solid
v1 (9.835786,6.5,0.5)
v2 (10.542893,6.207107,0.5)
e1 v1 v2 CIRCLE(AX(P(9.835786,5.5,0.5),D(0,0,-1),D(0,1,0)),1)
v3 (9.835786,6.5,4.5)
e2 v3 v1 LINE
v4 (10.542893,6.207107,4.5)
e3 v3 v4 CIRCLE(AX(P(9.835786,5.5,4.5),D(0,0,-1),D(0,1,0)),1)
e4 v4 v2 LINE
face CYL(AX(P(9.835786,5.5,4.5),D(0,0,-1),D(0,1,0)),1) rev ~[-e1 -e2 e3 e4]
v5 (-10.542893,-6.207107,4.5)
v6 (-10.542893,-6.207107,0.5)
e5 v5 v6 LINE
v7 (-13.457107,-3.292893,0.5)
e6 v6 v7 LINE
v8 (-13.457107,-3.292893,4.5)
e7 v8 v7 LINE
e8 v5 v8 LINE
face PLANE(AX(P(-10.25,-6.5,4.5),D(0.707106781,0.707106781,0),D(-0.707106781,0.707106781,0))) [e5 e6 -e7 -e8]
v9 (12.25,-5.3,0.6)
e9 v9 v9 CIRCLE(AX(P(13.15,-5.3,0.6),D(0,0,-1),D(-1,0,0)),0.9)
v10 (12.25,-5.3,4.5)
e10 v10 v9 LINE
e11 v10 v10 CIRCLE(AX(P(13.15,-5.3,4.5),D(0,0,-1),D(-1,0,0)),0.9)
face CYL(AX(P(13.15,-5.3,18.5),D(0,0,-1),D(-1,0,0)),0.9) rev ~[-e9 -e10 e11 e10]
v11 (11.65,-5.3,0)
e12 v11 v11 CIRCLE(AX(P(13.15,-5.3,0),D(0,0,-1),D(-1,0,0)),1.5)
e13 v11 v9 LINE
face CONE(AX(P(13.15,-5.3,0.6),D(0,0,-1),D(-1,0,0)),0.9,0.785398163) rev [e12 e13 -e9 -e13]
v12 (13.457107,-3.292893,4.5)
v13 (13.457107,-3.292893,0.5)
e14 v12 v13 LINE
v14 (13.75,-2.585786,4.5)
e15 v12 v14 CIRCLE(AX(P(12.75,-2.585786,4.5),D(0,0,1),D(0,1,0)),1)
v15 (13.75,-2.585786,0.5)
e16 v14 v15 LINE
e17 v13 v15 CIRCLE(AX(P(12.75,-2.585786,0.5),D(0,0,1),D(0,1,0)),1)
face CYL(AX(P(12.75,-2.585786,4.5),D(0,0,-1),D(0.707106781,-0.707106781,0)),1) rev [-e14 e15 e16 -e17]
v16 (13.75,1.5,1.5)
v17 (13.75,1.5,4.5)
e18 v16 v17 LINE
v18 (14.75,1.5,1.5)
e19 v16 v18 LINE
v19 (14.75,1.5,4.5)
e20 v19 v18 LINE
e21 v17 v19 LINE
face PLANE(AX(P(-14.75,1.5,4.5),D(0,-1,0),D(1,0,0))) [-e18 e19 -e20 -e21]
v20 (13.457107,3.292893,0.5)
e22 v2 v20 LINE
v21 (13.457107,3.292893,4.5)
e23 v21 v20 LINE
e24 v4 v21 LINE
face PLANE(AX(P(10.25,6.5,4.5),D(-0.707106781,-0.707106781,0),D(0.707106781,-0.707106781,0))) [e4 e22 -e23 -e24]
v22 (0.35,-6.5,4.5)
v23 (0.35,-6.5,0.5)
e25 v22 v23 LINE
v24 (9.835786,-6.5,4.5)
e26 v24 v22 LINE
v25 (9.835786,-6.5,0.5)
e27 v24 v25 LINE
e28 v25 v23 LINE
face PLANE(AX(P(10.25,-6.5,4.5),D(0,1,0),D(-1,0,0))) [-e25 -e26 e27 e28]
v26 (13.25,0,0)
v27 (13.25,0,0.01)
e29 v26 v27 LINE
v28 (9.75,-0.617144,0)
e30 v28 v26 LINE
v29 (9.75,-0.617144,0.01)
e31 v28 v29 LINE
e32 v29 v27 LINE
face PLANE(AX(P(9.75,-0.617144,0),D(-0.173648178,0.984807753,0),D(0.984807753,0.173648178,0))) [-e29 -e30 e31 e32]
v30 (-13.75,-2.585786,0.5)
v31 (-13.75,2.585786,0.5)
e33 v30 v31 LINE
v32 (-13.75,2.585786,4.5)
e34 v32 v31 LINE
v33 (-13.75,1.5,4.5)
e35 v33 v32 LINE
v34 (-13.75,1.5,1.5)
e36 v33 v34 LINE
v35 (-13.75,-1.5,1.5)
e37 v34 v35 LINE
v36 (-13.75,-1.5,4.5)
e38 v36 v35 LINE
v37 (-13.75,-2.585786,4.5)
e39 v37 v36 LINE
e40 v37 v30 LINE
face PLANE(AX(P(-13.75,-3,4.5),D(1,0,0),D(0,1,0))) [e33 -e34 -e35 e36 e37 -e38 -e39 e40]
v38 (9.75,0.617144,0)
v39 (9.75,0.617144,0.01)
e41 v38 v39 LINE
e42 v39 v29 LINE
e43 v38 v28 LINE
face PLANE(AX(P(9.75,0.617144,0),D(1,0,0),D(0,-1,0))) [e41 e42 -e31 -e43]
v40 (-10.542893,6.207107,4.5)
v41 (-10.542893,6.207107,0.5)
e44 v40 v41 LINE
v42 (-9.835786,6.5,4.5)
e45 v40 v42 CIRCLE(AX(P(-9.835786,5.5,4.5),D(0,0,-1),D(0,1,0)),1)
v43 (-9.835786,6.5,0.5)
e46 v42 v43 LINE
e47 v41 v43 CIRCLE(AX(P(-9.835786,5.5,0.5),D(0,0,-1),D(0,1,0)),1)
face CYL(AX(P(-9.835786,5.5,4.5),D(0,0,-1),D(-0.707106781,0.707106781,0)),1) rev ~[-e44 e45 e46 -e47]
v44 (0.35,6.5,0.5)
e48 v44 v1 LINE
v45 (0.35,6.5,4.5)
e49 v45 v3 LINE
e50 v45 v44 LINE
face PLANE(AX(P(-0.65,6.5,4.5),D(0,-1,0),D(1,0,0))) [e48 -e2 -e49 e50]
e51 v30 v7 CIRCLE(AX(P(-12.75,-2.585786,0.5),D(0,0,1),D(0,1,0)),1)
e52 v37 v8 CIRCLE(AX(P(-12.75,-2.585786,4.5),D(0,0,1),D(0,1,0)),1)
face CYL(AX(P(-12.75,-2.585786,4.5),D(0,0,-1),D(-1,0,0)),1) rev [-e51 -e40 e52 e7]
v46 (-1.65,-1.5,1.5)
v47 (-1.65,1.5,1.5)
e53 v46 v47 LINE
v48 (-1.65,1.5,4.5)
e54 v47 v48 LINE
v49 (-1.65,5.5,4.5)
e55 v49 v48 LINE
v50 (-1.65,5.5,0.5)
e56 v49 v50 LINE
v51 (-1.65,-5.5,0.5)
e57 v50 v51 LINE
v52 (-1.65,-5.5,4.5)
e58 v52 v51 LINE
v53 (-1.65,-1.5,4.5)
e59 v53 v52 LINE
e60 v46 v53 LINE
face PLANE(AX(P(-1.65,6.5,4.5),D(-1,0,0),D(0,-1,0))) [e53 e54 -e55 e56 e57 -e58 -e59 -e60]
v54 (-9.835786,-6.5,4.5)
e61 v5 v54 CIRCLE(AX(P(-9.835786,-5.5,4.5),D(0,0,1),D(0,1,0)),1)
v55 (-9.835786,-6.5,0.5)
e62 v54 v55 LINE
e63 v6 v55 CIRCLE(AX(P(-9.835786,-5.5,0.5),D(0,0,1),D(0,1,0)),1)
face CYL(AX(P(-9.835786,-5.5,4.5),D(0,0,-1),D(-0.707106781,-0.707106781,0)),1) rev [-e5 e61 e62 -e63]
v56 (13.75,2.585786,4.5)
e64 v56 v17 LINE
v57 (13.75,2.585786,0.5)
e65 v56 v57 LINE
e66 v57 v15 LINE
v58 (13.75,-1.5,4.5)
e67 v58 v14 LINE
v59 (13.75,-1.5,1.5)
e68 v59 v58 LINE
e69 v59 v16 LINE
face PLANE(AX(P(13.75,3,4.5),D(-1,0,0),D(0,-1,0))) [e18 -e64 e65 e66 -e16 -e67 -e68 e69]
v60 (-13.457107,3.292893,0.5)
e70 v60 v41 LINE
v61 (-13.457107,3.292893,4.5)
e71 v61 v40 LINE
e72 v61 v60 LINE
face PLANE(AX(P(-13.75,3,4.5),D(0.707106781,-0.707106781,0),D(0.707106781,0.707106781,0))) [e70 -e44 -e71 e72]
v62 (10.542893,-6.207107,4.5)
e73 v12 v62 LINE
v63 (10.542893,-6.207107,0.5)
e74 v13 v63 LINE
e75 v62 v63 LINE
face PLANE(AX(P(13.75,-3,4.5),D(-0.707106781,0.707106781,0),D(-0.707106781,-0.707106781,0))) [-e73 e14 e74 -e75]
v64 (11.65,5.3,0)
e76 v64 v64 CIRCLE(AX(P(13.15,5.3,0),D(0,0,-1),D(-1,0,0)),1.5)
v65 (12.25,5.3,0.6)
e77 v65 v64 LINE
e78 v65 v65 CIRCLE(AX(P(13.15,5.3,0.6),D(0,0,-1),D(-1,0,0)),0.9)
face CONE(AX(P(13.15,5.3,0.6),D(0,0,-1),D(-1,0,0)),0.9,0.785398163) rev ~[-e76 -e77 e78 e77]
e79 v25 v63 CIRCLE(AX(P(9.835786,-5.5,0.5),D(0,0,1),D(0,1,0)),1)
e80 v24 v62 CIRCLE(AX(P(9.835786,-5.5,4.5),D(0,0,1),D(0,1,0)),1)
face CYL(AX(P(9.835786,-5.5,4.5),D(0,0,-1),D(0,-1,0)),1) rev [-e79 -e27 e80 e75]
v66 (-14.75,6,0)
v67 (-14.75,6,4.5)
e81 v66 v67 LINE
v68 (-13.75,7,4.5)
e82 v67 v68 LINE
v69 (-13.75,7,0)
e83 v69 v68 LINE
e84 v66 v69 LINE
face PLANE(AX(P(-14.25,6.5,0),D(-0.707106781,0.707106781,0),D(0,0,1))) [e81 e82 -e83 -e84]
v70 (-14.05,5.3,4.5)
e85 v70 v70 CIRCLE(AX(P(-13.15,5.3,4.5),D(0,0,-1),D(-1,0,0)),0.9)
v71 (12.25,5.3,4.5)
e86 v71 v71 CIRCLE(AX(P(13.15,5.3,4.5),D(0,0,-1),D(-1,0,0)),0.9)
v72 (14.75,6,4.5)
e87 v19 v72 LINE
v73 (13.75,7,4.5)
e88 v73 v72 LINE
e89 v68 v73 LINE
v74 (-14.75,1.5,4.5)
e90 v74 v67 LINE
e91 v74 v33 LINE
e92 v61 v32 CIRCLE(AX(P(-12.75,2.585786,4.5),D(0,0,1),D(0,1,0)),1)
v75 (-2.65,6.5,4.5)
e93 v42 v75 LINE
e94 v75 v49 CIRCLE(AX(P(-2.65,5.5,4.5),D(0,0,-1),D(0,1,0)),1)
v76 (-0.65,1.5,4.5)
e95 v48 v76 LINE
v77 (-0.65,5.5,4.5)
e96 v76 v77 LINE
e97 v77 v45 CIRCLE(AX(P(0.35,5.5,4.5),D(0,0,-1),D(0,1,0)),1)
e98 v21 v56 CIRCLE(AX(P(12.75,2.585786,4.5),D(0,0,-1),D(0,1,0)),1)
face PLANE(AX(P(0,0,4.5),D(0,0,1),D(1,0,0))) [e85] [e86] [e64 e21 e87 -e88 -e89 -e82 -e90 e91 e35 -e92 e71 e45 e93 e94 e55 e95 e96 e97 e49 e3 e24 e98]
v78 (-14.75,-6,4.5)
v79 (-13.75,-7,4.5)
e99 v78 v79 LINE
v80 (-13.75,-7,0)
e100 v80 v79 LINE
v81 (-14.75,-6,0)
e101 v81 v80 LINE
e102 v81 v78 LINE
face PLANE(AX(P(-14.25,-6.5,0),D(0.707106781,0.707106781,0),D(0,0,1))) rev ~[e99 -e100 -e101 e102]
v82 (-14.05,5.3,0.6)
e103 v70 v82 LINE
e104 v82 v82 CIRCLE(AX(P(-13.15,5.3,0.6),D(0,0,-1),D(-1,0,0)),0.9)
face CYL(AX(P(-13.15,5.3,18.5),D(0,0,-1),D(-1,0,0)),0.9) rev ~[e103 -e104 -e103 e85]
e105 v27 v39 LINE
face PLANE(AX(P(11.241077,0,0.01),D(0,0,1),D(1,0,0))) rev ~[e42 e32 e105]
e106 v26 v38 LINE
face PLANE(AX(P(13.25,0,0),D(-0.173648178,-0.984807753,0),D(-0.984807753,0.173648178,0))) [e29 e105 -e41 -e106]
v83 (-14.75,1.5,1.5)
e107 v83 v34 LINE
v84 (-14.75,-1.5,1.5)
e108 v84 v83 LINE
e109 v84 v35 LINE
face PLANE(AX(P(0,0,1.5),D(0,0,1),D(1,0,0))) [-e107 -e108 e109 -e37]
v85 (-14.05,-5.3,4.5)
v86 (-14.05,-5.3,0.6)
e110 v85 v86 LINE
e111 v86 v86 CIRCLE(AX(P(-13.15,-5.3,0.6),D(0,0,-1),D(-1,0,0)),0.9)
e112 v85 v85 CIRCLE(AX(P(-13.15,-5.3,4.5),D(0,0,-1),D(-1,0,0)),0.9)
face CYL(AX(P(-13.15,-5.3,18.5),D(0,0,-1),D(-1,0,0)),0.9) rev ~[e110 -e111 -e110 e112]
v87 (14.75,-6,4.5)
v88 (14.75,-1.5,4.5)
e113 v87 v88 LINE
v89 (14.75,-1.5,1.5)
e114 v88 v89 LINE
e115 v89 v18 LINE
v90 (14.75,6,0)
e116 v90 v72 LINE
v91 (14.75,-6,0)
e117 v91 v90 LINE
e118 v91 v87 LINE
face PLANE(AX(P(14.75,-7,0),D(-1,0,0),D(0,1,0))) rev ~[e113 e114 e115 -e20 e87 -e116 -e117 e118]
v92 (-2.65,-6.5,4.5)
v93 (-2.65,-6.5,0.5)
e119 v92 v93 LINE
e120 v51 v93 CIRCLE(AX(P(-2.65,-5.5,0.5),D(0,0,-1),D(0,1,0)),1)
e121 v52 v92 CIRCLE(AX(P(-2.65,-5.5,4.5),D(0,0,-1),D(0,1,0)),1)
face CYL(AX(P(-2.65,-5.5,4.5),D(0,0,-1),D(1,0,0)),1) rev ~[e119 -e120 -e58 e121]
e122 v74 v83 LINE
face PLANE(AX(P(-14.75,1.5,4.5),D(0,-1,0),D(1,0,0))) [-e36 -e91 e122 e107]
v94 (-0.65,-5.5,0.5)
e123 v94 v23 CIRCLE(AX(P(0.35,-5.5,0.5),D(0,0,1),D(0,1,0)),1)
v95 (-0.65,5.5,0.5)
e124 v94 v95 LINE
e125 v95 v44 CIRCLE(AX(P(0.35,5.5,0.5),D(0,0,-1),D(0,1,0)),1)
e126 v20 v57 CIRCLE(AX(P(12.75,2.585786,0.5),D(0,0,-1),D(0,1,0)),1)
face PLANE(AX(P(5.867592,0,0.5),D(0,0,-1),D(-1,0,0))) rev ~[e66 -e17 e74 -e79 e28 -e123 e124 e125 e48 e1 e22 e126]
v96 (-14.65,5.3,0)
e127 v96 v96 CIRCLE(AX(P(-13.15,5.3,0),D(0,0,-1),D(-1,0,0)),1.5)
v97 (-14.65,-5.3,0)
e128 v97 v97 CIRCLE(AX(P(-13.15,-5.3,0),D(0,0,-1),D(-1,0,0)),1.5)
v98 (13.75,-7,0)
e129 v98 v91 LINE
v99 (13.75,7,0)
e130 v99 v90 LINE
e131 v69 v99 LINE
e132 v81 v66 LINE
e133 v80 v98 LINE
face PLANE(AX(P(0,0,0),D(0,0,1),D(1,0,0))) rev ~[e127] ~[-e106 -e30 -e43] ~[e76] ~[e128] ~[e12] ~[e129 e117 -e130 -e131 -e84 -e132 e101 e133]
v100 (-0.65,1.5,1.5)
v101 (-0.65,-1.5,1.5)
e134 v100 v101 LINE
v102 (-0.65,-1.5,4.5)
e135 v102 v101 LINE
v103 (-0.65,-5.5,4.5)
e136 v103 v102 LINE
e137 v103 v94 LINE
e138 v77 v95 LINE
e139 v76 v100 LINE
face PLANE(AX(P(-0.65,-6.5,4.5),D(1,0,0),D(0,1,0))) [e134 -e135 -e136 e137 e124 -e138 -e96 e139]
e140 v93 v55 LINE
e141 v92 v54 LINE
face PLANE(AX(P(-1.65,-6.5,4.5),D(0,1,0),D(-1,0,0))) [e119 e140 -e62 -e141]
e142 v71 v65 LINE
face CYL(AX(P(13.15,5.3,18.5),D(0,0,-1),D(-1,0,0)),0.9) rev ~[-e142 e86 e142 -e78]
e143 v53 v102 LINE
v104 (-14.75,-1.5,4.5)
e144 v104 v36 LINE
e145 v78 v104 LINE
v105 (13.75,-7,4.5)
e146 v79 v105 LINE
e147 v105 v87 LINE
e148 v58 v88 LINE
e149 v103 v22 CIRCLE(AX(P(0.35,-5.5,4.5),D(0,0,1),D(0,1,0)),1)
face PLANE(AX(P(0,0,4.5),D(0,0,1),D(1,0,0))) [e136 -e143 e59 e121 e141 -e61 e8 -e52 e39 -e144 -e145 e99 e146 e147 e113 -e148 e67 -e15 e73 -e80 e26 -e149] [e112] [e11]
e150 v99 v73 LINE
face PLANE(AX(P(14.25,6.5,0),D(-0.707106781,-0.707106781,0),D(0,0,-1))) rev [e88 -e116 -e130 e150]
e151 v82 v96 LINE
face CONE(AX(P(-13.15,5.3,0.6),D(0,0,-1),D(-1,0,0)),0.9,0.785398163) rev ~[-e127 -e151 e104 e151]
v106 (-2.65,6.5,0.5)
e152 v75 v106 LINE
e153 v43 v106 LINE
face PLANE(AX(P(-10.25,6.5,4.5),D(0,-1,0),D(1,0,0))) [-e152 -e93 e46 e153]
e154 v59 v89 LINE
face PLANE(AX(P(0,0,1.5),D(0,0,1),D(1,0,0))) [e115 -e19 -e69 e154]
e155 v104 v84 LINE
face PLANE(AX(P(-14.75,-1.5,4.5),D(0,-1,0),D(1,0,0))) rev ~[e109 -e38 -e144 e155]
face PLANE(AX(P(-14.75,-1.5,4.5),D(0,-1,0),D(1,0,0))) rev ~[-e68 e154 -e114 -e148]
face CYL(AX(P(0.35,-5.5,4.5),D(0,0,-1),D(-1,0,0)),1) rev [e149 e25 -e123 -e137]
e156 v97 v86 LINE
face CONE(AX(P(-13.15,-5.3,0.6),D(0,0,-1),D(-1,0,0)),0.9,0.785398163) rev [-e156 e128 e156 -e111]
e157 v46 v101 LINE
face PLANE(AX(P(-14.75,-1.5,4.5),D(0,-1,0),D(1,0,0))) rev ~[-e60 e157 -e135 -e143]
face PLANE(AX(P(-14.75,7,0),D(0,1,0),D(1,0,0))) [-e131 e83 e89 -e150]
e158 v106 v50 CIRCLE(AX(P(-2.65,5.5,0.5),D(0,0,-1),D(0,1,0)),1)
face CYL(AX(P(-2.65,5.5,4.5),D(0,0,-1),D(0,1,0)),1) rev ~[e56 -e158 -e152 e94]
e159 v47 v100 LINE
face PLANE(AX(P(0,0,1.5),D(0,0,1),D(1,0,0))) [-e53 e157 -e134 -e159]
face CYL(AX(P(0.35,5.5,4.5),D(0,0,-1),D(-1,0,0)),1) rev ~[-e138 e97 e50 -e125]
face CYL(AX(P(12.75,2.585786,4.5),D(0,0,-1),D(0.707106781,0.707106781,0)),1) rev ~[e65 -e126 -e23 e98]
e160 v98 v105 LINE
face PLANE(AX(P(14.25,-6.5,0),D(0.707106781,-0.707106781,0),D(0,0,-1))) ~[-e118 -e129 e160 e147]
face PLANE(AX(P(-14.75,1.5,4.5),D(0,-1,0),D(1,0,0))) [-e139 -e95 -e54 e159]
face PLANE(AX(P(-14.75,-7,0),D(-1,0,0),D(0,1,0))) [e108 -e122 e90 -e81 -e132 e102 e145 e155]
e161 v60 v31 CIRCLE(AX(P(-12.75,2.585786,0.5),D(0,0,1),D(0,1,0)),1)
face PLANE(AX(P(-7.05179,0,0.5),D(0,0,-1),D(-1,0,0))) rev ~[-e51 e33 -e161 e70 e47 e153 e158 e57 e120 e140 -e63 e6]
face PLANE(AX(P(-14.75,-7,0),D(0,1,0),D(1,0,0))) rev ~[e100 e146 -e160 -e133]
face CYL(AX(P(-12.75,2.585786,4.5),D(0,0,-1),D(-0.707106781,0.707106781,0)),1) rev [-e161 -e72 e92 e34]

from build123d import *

# Parameters (mm, degrees)
SKETCH_1_W              = 29.5
SKETCH_1_H              = 14
EXTRUDE_1_DEPTH         = 4.5
CUT_EXTRUDE_1_DEPTH     = 4
CHAMFER_1_SIZE          = 1
HOLE_WIZARD_M1_61_D     = 1.8
HOLE_WIZARD_M1_61_DEPTH = 14
HOLE_WIZARD_M1_61_TIP   = 0.540774557
FILLET_1_R              = 1
SKETCH_5_W              = 29.5
SKETCH_5_H              = 3
CUT_EXTRUDE_2_DEPTH     = 3
CHAMFER_2_SIZE          = 0.6
CUT_EXTRUDE_3_DEPTH     = 0.01


with BuildPart() as part:
    # Эскиз1 → Бобышка-Вытянуть1 (new body)
    with BuildSketch(Plane.XY):
        Rectangle(SKETCH_1_W, SKETCH_1_H)
    extrude(amount=EXTRUDE_1_DEPTH)

    # Эскиз2 → Вырез-Вытянуть1 (cut)
    with BuildSketch(Plane.XY.offset(4.5)):
        Polygon((-10.25, 6.5), (-1.65, 6.5), (-1.65, -6.5), (-10.25, -6.5), (-13.75, -3), (-13.75, 3), align=None)
        Polygon((-0.65, 6.5), (10.25, 6.5), (13.75, 3), (13.75, -3), (10.25, -6.5), (-0.65, -6.5), align=None)
    extrude(amount=-CUT_EXTRUDE_1_DEPTH, mode=Mode.SUBTRACT)

    # Фаска1
    chamfer_1_edges = [part.edges().sort_by_distance(p)[0] for p in [
        (14.75, -7, 2.25),
        (-14.75, -7, 2.25),
        (-14.75, 7, 2.25),
        (14.75, 7, 2.25),
    ]]
    chamfer(chamfer_1_edges, length=CHAMFER_1_SIZE)

    # Отверстие с зазором M1,61
    with Locations(Plane.XY.offset(4.5)):
        with Locations((-13.15, 5.3), (13.15, 5.3), (-13.15, -5.3), (13.15, -5.3)):
            Hole(HOLE_WIZARD_M1_61_D / 2, depth=HOLE_WIZARD_M1_61_DEPTH)
            with Locations((0, 0, -(HOLE_WIZARD_M1_61_DEPTH + HOLE_WIZARD_M1_61_TIP / 2))):  # 118° drill point
                Cone(0, HOLE_WIZARD_M1_61_D / 2, HOLE_WIZARD_M1_61_TIP, mode=Mode.SUBTRACT)

    # Скругление1
    fillet_1_edges = [part.edges().sort_by_distance(p)[0] for p in [
        (10.25, 6.5, 2.5),
        (13.75, 3, 2.5),
        (13.75, -3, 2.5),
        (10.25, -6.5, 2.5),
        (-0.65, -6.5, 2.5),
        (-0.65, 6.5, 2.5),
        (-13.75, 3, 2.5),
        (-10.25, 6.5, 2.5),
        (-1.65, 6.5, 2.5),
        (-1.65, -6.5, 2.5),
        (-10.25, -6.5, 2.5),
        (-13.75, -3, 2.5),
    ]]
    fillet(fillet_1_edges, radius=FILLET_1_R)

    # Эскиз5 → Вырез-Вытянуть2 (cut)
    with BuildSketch(Plane.XY.offset(4.5)):
        Rectangle(SKETCH_5_W, SKETCH_5_H)
    extrude(amount=-CUT_EXTRUDE_2_DEPTH, mode=Mode.SUBTRACT)

    # Фаска2
    chamfer_2_edges = [part.edges().sort_by_distance(p)[0] for p in [
        (14.05, -5.3, 0),
        (-12.25, -5.3, 0),
        (14.05, 5.3, 0),
        (-12.25, 5.3, 0),
    ]]
    chamfer(chamfer_2_edges, length=CHAMFER_2_SIZE)

    # Эскиз6 → Вырез-Вытянуть3 (cut)
    with BuildSketch(Plane(origin=(0, 0, 0), x_dir=(-1, 0, 0), z_dir=(0, 0, -1))):
        Polygon((-13.25, 0), (-9.75, 0.617144432), (-9.75, -0.617144432), align=None)
    extrude(amount=-CUT_EXTRUDE_3_DEPTH, mode=Mode.SUBTRACT)


solid = part.part
